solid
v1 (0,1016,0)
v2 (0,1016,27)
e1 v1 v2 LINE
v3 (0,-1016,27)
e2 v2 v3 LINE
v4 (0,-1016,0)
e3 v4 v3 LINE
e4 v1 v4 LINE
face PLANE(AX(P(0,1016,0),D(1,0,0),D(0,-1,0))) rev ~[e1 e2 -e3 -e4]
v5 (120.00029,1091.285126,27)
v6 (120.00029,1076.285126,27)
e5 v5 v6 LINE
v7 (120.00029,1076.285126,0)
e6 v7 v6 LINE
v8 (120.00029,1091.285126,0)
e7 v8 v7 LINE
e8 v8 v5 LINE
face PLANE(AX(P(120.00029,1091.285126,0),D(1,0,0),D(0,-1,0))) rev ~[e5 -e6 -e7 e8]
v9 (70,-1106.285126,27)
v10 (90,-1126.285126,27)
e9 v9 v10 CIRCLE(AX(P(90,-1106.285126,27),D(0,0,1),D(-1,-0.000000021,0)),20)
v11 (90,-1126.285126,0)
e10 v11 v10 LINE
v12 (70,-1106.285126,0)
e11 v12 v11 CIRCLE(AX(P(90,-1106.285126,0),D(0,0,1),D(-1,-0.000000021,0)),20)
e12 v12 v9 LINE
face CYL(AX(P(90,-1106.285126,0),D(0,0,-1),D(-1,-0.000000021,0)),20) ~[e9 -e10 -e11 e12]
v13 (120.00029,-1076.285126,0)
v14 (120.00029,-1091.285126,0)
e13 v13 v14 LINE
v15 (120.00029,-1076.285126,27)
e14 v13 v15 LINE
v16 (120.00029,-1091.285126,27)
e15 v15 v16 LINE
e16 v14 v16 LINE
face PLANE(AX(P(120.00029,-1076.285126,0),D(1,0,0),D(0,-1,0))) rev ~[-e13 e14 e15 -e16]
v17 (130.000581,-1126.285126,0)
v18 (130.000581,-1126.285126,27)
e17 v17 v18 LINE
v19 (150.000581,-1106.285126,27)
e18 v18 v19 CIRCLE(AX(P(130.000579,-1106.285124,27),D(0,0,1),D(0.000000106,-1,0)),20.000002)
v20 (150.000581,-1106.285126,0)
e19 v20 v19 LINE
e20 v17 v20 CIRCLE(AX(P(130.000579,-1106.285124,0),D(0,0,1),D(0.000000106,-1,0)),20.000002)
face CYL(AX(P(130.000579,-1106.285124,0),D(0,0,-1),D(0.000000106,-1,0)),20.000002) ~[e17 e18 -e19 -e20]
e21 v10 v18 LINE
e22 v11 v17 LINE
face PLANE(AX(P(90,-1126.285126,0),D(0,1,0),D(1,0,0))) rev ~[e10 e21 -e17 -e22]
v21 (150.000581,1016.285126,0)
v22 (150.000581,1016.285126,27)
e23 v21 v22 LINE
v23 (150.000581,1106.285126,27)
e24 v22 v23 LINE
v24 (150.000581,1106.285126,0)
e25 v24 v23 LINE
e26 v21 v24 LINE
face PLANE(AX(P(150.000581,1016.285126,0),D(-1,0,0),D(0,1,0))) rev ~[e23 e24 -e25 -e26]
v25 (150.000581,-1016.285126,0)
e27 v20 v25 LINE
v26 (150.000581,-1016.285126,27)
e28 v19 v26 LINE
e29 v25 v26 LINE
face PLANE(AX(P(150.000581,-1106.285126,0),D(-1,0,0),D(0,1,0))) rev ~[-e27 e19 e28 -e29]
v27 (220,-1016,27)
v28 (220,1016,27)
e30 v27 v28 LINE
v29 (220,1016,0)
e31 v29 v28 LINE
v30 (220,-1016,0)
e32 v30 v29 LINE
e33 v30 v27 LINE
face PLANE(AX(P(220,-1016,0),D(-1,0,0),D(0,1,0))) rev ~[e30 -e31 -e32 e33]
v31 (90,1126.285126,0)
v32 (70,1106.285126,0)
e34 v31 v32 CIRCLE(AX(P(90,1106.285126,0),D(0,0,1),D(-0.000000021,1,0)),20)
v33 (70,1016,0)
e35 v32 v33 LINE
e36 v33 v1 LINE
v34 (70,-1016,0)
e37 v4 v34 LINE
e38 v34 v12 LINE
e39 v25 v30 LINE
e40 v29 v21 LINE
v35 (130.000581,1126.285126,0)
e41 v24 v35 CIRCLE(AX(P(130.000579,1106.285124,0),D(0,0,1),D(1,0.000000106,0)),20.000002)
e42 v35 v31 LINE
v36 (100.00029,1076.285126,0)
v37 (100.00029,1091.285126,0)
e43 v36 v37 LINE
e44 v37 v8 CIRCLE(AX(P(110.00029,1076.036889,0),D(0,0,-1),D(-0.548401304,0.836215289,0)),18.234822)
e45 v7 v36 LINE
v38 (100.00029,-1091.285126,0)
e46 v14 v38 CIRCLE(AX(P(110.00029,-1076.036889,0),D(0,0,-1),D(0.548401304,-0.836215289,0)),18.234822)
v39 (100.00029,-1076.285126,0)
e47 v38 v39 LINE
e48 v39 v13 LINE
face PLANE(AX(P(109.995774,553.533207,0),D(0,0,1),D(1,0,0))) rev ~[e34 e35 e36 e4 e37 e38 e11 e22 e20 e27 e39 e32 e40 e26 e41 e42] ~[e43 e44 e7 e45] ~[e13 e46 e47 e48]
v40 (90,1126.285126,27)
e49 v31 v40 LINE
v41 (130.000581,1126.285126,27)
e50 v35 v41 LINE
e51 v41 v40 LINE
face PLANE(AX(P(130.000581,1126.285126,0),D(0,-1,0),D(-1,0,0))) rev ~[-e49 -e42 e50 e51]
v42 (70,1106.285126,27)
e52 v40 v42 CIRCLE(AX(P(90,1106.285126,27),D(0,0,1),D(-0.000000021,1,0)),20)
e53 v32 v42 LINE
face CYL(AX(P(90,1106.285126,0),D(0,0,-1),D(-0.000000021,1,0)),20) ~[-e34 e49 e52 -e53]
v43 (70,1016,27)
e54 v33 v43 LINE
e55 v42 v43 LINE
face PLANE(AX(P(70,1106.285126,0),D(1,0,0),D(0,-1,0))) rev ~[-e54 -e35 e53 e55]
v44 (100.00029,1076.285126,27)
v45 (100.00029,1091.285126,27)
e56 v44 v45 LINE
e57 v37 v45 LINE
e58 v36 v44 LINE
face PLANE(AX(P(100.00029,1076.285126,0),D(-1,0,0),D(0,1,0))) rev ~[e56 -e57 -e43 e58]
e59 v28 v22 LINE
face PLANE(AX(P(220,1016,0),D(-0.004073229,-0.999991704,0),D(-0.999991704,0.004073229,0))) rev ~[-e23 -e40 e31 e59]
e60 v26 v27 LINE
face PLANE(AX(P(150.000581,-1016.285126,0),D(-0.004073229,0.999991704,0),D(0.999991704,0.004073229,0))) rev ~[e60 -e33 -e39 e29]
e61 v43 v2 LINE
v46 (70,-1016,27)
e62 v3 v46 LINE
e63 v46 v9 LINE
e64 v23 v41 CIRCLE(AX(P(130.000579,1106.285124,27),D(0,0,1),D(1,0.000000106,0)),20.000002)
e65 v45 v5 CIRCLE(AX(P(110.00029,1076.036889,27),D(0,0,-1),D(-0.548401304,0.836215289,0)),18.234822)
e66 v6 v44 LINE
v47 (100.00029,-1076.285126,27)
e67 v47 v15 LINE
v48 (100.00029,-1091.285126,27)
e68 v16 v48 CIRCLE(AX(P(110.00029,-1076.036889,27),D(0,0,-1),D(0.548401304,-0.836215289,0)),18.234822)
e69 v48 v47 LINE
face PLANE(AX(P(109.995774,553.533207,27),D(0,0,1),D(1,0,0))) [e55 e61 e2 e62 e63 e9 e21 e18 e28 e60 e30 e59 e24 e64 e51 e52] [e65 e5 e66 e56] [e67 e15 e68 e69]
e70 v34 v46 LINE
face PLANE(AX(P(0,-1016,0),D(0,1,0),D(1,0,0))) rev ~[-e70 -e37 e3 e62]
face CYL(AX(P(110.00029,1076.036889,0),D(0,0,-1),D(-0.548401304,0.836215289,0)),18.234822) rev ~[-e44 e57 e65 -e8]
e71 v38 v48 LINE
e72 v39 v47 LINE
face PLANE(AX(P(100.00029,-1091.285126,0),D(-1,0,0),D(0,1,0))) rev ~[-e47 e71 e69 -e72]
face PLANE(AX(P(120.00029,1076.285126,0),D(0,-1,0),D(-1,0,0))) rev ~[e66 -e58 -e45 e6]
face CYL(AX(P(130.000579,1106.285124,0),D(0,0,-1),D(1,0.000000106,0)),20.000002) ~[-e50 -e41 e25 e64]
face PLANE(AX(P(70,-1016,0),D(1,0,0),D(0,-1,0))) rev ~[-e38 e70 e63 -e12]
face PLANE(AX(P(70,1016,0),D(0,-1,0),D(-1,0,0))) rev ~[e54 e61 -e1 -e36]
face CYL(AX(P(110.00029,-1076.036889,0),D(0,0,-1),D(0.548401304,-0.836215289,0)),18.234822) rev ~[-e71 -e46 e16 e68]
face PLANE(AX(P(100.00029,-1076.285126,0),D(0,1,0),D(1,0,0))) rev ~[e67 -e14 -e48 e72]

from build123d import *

# Parameters (mm, degrees)
F1_DEPTH = 27


with BuildPart() as f1:
    # F0 (on Top) → F1 (new body)
    with BuildSketch(Plane.XY):
        with BuildLine():
            Line((70, 1016), (0, 1016))
            Line((0, 1016), (0, 0))
            Line((0, 0), (220, 0))
            Line((220, 0), (220, 1016))
            Line((220, 1016), (150.000581, 1016.285126))
            Line((150.000581, 1016.285126), (150.000581, 1106.285126))
            ThreePointArc((150.000581, 1106.285126), (144.142716, 1120.427261), (130.000581, 1126.285126))
            Line((130.000581, 1126.285126), (90, 1126.285126))
            ThreePointArc((90, 1126.285126), (75.857864, 1120.427261), (70, 1106.285126))
            Line((70, 1106.285126), (70, 1016))
        make_face()
        with BuildLine():
            Line((120.00029, 1076.285126), (110.00029, 1076.285126))
            Line((110.00029, 1076.285126), (100.00029, 1076.285126))
            Line((100.00029, 1076.285126), (100.00029, 1091.285126))
            ThreePointArc((100.00029, 1091.285126), (110.00029, 1094.271711), (120.00029, 1091.285126))
            Line((120.00029, 1091.285126), (120.00029, 1076.285126))
        make_face(mode=Mode.SUBTRACT)
        with BuildLine():
            Line((220, 0), (0, 0))
            Line((0, 0), (0, -1016))
            Line((0, -1016), (70, -1016))
            Line((70, -1016), (70, -1106.285126))
            ThreePointArc((70, -1106.285126), (75.857864, -1120.427261), (90, -1126.285126))
            Line((90, -1126.285126), (130.000581, -1126.285126))
            ThreePointArc((130.000581, -1126.285126), (144.142716, -1120.427261), (150.000581, -1106.285126))
            Line((150.000581, -1106.285126), (150.000581, -1016.285126))
            Line((150.000581, -1016.285126), (220, -1016))
            Line((220, -1016), (220, 0))
        make_face()
        with BuildLine():
            Line((120.00029, -1076.285126), (120.00029, -1091.285126))
            ThreePointArc((120.00029, -1091.285126), (110.00029, -1094.271711), (100.00029, -1091.285126))
            Line((100.00029, -1091.285126), (100.00029, -1076.285126))
            Line((100.00029, -1076.285126), (110.00029, -1076.285126))
            Line((110.00029, -1076.285126), (120.00029, -1076.285126))
        make_face(mode=Mode.SUBTRACT)
    extrude(amount=F1_DEPTH)


solid = f1.part
